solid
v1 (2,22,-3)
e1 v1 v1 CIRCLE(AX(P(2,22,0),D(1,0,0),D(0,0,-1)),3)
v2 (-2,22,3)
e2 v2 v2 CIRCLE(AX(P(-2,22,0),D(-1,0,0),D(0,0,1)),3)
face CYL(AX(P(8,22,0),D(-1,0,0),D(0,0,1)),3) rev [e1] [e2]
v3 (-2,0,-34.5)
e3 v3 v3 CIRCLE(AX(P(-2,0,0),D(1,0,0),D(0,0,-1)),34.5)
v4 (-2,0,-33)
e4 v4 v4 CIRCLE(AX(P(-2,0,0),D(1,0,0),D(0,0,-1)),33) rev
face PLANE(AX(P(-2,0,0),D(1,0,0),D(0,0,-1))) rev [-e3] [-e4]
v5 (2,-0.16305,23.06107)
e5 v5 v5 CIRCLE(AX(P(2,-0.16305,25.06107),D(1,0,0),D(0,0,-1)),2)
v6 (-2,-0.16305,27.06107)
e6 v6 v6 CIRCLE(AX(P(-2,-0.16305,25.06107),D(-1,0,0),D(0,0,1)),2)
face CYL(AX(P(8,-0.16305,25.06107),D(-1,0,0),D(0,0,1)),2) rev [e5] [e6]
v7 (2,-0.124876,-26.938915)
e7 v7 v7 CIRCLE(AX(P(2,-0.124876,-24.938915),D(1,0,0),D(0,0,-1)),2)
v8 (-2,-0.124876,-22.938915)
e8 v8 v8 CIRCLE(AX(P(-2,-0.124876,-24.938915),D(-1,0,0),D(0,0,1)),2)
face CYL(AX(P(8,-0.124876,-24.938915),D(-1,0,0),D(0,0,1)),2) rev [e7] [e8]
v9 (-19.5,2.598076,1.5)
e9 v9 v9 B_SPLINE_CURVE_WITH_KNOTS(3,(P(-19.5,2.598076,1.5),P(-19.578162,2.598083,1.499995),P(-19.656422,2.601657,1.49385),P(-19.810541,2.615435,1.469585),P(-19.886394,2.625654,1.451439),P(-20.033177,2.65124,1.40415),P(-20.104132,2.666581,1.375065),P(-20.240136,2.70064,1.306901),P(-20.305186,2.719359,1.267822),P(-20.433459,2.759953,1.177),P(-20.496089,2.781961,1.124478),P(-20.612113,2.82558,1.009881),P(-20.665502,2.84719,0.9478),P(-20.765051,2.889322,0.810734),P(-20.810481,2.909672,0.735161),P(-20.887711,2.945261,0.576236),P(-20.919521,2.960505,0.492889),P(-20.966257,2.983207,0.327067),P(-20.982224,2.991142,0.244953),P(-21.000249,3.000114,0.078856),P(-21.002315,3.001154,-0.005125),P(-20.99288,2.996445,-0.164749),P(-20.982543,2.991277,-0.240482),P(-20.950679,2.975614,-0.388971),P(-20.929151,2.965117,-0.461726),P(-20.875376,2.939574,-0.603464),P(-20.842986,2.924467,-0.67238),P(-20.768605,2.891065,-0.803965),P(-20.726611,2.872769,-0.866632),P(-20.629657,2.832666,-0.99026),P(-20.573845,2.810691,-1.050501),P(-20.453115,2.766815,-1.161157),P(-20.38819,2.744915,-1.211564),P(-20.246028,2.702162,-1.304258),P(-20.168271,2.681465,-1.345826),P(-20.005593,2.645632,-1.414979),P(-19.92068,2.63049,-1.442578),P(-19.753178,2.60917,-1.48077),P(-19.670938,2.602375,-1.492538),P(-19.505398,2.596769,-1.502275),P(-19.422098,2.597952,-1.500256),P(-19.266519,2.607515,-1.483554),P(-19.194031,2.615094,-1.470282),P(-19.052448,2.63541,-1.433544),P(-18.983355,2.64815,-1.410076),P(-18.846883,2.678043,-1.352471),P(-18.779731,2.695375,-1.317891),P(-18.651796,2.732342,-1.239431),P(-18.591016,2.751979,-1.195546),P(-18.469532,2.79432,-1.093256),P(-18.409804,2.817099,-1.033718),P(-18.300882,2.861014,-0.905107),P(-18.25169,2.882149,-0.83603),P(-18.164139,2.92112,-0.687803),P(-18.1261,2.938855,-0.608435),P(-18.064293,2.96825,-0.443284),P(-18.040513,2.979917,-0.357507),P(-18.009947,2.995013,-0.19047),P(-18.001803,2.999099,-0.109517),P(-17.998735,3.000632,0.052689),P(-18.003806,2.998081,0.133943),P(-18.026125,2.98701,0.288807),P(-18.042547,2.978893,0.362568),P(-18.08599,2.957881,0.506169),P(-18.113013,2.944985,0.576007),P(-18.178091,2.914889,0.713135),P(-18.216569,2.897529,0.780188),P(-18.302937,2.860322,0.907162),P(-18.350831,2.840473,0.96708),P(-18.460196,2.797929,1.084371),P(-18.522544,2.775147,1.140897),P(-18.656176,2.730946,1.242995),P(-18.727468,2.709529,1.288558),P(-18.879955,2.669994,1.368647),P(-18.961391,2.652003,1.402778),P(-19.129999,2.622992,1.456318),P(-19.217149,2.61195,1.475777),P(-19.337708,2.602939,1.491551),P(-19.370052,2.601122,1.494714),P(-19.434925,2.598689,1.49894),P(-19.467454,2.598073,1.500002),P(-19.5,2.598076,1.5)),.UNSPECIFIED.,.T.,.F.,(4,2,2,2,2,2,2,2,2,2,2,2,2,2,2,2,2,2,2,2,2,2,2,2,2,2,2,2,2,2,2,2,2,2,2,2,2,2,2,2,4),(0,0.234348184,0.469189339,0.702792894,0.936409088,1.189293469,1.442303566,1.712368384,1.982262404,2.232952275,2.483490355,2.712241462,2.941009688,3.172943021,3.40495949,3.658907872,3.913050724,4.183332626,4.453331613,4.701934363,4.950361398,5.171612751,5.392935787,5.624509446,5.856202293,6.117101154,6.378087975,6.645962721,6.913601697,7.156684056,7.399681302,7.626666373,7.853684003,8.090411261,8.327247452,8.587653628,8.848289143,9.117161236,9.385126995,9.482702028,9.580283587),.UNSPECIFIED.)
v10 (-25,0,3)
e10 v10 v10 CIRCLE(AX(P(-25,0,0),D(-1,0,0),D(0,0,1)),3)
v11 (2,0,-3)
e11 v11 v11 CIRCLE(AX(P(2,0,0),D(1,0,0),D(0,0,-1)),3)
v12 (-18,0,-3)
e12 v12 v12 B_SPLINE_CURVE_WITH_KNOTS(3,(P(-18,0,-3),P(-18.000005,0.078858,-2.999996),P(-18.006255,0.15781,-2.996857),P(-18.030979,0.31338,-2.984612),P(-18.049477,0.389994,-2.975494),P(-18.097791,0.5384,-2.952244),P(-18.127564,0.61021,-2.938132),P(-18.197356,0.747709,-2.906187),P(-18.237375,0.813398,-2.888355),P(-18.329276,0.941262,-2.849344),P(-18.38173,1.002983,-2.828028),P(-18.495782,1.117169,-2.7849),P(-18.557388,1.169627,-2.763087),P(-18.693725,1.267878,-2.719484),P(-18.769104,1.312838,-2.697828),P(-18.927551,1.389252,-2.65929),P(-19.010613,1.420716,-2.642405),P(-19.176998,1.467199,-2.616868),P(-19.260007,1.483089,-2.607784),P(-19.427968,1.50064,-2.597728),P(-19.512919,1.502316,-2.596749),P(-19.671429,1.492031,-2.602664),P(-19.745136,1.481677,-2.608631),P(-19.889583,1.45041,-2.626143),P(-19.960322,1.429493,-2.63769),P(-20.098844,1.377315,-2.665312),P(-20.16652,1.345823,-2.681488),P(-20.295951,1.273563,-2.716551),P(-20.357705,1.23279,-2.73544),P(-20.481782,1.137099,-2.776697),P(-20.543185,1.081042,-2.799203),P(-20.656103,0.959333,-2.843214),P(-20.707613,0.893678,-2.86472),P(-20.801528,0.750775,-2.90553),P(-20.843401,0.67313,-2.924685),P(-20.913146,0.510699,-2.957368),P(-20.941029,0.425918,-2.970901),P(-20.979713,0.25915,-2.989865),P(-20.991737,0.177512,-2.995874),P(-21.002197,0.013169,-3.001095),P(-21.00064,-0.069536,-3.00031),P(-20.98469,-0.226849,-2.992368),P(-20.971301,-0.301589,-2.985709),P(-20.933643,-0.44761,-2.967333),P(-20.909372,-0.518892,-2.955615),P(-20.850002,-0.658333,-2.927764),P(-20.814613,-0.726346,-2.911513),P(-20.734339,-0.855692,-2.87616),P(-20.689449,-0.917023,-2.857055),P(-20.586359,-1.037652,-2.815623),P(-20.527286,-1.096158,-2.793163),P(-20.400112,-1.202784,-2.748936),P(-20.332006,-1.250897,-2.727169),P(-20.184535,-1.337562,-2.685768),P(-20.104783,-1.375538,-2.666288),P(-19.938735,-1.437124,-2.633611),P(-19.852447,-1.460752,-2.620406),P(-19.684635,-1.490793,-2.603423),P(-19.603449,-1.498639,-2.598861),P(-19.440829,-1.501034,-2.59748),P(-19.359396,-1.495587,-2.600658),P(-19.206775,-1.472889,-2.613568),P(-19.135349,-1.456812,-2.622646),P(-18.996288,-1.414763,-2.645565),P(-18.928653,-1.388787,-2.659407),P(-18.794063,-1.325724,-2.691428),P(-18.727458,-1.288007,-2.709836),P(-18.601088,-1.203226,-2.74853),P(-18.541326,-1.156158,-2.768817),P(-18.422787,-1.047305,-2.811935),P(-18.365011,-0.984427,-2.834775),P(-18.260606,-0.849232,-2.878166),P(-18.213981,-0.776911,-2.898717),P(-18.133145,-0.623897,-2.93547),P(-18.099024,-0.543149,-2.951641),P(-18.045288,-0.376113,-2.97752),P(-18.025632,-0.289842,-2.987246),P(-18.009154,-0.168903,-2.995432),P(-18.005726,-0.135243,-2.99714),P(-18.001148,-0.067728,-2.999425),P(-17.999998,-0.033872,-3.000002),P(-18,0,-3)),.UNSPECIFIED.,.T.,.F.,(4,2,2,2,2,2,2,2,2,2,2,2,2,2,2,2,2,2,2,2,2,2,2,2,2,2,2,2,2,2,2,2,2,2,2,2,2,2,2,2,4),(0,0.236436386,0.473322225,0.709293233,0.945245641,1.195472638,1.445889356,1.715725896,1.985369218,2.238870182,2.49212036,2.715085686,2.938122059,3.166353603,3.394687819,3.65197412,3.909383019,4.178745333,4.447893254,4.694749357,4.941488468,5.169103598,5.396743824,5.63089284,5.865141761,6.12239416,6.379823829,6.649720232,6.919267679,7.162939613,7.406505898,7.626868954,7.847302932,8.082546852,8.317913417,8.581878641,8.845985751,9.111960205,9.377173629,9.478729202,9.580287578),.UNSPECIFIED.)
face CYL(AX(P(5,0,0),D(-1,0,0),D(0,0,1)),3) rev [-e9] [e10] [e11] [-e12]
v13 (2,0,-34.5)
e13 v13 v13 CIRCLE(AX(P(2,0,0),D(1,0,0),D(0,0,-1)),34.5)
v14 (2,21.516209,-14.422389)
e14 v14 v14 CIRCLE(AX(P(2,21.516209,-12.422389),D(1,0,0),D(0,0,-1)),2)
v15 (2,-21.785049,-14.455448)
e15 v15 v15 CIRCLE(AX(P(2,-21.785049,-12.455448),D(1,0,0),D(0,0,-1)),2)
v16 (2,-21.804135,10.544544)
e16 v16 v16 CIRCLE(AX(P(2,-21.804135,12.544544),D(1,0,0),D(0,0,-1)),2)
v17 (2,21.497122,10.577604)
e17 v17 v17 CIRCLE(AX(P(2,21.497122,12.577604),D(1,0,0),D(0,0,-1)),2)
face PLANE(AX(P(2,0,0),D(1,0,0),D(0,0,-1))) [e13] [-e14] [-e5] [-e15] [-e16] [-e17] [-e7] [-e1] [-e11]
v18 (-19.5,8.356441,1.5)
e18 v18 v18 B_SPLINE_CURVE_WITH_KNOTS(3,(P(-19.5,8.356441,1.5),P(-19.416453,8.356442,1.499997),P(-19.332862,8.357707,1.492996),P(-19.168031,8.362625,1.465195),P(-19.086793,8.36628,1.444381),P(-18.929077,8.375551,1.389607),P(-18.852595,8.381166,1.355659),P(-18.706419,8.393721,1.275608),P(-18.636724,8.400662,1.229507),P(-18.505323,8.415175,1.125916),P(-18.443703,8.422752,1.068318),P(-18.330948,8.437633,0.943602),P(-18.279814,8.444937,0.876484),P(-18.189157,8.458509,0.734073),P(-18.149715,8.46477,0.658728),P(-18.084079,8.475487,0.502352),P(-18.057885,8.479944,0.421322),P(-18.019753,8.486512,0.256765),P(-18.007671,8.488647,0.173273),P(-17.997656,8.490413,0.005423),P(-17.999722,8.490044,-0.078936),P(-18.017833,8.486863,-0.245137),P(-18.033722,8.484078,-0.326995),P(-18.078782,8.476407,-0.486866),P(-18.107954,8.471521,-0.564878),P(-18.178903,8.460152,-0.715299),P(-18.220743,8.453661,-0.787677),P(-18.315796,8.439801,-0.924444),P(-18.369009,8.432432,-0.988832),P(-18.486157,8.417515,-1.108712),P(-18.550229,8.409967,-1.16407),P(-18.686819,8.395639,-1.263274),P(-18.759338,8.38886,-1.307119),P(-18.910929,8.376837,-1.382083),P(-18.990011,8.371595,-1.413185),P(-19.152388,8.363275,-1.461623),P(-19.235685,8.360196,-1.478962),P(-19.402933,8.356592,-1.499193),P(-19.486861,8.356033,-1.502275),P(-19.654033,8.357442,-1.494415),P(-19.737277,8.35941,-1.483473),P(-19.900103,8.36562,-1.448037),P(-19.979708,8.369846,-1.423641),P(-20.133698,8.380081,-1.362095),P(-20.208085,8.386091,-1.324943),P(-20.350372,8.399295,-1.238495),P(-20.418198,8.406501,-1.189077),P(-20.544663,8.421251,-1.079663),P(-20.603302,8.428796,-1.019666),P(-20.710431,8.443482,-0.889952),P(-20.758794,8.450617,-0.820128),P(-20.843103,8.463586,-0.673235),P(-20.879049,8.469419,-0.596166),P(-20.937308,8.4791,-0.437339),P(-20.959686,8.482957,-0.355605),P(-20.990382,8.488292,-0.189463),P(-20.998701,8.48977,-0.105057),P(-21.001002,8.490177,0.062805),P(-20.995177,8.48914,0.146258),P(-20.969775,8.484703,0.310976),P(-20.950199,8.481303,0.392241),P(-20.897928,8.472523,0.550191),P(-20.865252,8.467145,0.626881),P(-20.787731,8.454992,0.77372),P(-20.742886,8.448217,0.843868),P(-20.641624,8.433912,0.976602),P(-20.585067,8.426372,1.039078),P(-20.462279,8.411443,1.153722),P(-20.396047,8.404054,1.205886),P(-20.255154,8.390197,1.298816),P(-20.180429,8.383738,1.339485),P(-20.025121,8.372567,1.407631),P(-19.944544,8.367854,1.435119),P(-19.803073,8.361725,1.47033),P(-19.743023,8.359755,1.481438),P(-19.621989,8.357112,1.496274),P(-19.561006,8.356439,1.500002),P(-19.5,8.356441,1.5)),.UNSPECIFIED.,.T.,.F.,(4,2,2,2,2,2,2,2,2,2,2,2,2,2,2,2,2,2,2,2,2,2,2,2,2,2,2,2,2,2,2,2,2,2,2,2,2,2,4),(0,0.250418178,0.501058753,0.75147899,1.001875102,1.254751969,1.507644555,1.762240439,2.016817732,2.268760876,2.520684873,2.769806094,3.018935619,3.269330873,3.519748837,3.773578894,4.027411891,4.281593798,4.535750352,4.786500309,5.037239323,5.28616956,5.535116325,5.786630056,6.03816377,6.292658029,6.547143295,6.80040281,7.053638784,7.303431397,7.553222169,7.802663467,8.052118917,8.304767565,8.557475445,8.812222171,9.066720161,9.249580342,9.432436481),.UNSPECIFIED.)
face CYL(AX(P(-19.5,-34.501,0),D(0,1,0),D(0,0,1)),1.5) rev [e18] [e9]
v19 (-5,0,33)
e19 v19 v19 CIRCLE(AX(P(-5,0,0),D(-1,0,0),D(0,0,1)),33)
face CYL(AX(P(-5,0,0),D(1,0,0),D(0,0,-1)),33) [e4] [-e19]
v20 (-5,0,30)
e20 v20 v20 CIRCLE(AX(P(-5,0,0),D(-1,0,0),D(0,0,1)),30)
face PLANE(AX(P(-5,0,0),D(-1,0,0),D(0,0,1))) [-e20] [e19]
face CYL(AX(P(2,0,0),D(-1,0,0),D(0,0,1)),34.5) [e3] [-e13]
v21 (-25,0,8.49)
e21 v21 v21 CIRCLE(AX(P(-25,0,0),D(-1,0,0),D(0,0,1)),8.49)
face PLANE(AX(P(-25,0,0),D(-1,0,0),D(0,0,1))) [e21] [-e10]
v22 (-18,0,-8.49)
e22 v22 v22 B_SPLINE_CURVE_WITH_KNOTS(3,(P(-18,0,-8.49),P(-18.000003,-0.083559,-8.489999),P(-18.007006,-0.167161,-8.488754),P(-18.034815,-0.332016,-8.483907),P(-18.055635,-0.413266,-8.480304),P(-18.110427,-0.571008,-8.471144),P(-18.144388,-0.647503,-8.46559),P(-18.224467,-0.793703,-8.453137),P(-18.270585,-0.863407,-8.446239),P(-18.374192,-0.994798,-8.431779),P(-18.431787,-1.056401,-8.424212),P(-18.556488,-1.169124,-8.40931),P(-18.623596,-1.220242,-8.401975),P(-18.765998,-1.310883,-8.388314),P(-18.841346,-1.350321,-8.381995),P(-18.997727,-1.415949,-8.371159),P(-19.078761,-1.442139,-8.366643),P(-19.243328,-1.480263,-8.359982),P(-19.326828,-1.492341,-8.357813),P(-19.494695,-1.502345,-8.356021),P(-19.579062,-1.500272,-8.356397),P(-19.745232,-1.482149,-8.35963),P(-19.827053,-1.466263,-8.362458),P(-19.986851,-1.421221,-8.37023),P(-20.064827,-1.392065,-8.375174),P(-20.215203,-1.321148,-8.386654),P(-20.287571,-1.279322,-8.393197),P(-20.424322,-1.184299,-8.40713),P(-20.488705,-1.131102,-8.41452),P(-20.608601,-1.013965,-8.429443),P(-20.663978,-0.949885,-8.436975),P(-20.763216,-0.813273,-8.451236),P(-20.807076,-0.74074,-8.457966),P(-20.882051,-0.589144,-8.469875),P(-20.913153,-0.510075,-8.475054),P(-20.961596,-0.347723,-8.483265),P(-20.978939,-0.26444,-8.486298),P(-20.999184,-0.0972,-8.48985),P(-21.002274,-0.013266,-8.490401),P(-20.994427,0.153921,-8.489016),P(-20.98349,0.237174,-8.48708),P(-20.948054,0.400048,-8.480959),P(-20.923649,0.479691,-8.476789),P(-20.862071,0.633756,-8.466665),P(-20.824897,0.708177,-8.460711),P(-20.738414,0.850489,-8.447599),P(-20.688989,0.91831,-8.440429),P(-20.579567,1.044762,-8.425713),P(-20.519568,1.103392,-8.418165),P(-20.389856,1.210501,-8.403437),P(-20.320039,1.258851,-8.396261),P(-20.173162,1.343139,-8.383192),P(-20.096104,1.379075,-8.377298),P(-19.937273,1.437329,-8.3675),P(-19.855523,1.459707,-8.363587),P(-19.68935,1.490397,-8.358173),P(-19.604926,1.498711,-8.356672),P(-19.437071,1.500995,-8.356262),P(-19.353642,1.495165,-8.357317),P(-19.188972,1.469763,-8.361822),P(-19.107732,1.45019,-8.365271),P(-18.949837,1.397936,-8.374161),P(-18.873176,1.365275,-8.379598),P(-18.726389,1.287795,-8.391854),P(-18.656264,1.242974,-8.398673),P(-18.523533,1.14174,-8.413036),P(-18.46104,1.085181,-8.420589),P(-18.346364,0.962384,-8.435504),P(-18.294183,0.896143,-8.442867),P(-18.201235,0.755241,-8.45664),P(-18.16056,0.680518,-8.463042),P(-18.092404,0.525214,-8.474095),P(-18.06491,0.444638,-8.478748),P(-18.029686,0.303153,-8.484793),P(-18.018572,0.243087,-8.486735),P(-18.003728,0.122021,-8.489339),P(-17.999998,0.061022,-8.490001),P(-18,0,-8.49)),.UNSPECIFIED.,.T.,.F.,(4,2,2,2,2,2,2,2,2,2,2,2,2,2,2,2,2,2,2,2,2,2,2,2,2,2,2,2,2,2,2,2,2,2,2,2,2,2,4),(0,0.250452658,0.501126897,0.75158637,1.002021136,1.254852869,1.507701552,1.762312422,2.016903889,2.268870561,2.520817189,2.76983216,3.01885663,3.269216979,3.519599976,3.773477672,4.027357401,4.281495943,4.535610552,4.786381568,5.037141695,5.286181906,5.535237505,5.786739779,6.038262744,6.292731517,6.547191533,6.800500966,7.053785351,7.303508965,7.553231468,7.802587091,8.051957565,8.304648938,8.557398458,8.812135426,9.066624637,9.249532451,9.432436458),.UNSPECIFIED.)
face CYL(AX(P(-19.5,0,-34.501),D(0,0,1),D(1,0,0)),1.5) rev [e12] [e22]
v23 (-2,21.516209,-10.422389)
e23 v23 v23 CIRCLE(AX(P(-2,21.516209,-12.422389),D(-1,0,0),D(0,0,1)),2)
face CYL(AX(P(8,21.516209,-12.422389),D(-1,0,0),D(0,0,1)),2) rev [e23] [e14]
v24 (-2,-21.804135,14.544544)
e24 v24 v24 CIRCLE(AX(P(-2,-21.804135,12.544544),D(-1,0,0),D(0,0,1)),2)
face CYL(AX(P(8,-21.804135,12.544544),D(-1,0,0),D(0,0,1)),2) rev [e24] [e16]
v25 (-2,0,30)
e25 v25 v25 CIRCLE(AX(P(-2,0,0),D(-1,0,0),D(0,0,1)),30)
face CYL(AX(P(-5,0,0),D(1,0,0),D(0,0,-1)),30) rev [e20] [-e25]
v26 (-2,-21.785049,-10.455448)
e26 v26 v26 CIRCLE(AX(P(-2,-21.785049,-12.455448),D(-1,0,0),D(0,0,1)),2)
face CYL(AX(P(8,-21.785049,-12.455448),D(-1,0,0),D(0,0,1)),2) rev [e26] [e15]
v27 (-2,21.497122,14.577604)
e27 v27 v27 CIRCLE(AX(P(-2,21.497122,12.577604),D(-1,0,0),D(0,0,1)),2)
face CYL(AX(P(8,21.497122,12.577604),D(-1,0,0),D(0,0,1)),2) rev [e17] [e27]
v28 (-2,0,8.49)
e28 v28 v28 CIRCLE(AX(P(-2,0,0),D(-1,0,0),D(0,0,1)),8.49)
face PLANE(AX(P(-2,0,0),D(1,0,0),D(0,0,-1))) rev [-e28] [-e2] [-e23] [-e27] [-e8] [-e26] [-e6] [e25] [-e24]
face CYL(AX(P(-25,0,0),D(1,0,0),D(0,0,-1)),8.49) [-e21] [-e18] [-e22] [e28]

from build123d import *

# Parameters (mm, degrees)
SKETCH1_R           = 34.5
BOSS_EXTRUDE1_DEPTH = 2
SKETCH2_R           = 8.49
BOSS_EXTRUDE2_DEPTH = 23
SKETCH4_R           = 3
CUT_EXTRUDE1_DEPTH  = 30
CUT_EXTRUDE2_REACH  = 45
SKETCH5_R           = 1.5
CUT_EXTRUDE3_REACH  = 36.5
SKETCH6_R           = 1.5
SKETCH19_R          = 33
SKETCH19_R_2        = 30
BOSS_EXTRUDE5_DEPTH = 3
SKETCH21_R          = 3
CUT_EXTRUDE6_DEPTH  = 10
SKETCH20_R          = 2
CUT_EXTRUDE7_DEPTH  = 10


with BuildPart() as part:
    # Sketch1 → Boss-Extrude1 (new body, symmetric)
    with BuildSketch(Plane(origin=(0, 0, 0), x_dir=(0, 0, -1), z_dir=(1, 0, 0))):
        Circle(SKETCH1_R)
    extrude(amount=BOSS_EXTRUDE1_DEPTH, both=True)

    # Sketch2 → Boss-Extrude2 (add)
    with BuildSketch(Plane.ZY.offset(2)):
        Circle(SKETCH2_R)
    extrude(amount=BOSS_EXTRUDE2_DEPTH)

    # Sketch4 → Cut-Extrude1 (cut)
    with BuildSketch(Plane.ZY.offset(25)):
        Circle(SKETCH4_R)
    extrude(amount=-CUT_EXTRUDE1_DEPTH, mode=Mode.SUBTRACT)

    # Sketch5 → Cut-Extrude2 (cut, up to next)
    with BuildSketch(Plane(origin=(0, 8.5, 0), x_dir=(1, 0, 0), z_dir=(0, 1, 0)), mode=Mode.PRIVATE) as cut_extrude2_sk1:
        with Locations((-19.5, 0)):
            Circle(SKETCH5_R)
    cut_extrude2_tool1 = extrude(cut_extrude2_sk1.sketch, amount=-CUT_EXTRUDE2_REACH, mode=Mode.PRIVATE) & part.part
    add(cut_extrude2_tool1.solids().sort_by_distance((-19.5, 8.5, 0))[0], mode=Mode.SUBTRACT)

    # Sketch6 → Cut-Extrude3 (cut, up to next)
    with BuildSketch(Plane.XY, mode=Mode.PRIVATE) as cut_extrude3_sk1:
        with Locations((-19.5, 0)):
            Circle(SKETCH6_R)
    cut_extrude3_tool1 = extrude(cut_extrude3_sk1.sketch, amount=-CUT_EXTRUDE3_REACH, mode=Mode.PRIVATE) & part.part
    add(cut_extrude3_tool1.solids().sort_by_distance((-19.5, 0, 0))[0], mode=Mode.SUBTRACT)

    # Sketch19 → Boss-Extrude5 (add)
    with BuildSketch(Plane.ZY.offset(2)):
        Circle(SKETCH19_R)
        Circle(SKETCH19_R_2, mode=Mode.SUBTRACT)
    extrude(amount=BOSS_EXTRUDE5_DEPTH)

    # Sketch21 → Cut-Extrude6 (cut)
    with BuildSketch(Plane.ZY.offset(2)):
        with Locations((0, 22)):
            Circle(SKETCH21_R)
    extrude(amount=-CUT_EXTRUDE6_DEPTH, mode=Mode.SUBTRACT)

    # Sketch20 → Cut-Extrude7 (cut)
    with BuildSketch(Plane.ZY.offset(2)):
        with Locations((-12.422389037, 21.516208963)):
            Circle(SKETCH20_R)
        with Locations((12.577603677, 21.497122149)):
            Circle(SKETCH20_R)
        with Locations((25.061070367, -0.163050043)):
            Circle(SKETCH20_R)
        with Locations((12.544544344, -21.804135421)):
            Circle(SKETCH20_R)
        with Locations((-12.45544837, -21.785048606)):
            Circle(SKETCH20_R)
        with Locations((-24.93891506, -0.124876414)):
            Circle(SKETCH20_R)
    extrude(amount=-CUT_EXTRUDE7_DEPTH, mode=Mode.SUBTRACT)


solid = part.part
